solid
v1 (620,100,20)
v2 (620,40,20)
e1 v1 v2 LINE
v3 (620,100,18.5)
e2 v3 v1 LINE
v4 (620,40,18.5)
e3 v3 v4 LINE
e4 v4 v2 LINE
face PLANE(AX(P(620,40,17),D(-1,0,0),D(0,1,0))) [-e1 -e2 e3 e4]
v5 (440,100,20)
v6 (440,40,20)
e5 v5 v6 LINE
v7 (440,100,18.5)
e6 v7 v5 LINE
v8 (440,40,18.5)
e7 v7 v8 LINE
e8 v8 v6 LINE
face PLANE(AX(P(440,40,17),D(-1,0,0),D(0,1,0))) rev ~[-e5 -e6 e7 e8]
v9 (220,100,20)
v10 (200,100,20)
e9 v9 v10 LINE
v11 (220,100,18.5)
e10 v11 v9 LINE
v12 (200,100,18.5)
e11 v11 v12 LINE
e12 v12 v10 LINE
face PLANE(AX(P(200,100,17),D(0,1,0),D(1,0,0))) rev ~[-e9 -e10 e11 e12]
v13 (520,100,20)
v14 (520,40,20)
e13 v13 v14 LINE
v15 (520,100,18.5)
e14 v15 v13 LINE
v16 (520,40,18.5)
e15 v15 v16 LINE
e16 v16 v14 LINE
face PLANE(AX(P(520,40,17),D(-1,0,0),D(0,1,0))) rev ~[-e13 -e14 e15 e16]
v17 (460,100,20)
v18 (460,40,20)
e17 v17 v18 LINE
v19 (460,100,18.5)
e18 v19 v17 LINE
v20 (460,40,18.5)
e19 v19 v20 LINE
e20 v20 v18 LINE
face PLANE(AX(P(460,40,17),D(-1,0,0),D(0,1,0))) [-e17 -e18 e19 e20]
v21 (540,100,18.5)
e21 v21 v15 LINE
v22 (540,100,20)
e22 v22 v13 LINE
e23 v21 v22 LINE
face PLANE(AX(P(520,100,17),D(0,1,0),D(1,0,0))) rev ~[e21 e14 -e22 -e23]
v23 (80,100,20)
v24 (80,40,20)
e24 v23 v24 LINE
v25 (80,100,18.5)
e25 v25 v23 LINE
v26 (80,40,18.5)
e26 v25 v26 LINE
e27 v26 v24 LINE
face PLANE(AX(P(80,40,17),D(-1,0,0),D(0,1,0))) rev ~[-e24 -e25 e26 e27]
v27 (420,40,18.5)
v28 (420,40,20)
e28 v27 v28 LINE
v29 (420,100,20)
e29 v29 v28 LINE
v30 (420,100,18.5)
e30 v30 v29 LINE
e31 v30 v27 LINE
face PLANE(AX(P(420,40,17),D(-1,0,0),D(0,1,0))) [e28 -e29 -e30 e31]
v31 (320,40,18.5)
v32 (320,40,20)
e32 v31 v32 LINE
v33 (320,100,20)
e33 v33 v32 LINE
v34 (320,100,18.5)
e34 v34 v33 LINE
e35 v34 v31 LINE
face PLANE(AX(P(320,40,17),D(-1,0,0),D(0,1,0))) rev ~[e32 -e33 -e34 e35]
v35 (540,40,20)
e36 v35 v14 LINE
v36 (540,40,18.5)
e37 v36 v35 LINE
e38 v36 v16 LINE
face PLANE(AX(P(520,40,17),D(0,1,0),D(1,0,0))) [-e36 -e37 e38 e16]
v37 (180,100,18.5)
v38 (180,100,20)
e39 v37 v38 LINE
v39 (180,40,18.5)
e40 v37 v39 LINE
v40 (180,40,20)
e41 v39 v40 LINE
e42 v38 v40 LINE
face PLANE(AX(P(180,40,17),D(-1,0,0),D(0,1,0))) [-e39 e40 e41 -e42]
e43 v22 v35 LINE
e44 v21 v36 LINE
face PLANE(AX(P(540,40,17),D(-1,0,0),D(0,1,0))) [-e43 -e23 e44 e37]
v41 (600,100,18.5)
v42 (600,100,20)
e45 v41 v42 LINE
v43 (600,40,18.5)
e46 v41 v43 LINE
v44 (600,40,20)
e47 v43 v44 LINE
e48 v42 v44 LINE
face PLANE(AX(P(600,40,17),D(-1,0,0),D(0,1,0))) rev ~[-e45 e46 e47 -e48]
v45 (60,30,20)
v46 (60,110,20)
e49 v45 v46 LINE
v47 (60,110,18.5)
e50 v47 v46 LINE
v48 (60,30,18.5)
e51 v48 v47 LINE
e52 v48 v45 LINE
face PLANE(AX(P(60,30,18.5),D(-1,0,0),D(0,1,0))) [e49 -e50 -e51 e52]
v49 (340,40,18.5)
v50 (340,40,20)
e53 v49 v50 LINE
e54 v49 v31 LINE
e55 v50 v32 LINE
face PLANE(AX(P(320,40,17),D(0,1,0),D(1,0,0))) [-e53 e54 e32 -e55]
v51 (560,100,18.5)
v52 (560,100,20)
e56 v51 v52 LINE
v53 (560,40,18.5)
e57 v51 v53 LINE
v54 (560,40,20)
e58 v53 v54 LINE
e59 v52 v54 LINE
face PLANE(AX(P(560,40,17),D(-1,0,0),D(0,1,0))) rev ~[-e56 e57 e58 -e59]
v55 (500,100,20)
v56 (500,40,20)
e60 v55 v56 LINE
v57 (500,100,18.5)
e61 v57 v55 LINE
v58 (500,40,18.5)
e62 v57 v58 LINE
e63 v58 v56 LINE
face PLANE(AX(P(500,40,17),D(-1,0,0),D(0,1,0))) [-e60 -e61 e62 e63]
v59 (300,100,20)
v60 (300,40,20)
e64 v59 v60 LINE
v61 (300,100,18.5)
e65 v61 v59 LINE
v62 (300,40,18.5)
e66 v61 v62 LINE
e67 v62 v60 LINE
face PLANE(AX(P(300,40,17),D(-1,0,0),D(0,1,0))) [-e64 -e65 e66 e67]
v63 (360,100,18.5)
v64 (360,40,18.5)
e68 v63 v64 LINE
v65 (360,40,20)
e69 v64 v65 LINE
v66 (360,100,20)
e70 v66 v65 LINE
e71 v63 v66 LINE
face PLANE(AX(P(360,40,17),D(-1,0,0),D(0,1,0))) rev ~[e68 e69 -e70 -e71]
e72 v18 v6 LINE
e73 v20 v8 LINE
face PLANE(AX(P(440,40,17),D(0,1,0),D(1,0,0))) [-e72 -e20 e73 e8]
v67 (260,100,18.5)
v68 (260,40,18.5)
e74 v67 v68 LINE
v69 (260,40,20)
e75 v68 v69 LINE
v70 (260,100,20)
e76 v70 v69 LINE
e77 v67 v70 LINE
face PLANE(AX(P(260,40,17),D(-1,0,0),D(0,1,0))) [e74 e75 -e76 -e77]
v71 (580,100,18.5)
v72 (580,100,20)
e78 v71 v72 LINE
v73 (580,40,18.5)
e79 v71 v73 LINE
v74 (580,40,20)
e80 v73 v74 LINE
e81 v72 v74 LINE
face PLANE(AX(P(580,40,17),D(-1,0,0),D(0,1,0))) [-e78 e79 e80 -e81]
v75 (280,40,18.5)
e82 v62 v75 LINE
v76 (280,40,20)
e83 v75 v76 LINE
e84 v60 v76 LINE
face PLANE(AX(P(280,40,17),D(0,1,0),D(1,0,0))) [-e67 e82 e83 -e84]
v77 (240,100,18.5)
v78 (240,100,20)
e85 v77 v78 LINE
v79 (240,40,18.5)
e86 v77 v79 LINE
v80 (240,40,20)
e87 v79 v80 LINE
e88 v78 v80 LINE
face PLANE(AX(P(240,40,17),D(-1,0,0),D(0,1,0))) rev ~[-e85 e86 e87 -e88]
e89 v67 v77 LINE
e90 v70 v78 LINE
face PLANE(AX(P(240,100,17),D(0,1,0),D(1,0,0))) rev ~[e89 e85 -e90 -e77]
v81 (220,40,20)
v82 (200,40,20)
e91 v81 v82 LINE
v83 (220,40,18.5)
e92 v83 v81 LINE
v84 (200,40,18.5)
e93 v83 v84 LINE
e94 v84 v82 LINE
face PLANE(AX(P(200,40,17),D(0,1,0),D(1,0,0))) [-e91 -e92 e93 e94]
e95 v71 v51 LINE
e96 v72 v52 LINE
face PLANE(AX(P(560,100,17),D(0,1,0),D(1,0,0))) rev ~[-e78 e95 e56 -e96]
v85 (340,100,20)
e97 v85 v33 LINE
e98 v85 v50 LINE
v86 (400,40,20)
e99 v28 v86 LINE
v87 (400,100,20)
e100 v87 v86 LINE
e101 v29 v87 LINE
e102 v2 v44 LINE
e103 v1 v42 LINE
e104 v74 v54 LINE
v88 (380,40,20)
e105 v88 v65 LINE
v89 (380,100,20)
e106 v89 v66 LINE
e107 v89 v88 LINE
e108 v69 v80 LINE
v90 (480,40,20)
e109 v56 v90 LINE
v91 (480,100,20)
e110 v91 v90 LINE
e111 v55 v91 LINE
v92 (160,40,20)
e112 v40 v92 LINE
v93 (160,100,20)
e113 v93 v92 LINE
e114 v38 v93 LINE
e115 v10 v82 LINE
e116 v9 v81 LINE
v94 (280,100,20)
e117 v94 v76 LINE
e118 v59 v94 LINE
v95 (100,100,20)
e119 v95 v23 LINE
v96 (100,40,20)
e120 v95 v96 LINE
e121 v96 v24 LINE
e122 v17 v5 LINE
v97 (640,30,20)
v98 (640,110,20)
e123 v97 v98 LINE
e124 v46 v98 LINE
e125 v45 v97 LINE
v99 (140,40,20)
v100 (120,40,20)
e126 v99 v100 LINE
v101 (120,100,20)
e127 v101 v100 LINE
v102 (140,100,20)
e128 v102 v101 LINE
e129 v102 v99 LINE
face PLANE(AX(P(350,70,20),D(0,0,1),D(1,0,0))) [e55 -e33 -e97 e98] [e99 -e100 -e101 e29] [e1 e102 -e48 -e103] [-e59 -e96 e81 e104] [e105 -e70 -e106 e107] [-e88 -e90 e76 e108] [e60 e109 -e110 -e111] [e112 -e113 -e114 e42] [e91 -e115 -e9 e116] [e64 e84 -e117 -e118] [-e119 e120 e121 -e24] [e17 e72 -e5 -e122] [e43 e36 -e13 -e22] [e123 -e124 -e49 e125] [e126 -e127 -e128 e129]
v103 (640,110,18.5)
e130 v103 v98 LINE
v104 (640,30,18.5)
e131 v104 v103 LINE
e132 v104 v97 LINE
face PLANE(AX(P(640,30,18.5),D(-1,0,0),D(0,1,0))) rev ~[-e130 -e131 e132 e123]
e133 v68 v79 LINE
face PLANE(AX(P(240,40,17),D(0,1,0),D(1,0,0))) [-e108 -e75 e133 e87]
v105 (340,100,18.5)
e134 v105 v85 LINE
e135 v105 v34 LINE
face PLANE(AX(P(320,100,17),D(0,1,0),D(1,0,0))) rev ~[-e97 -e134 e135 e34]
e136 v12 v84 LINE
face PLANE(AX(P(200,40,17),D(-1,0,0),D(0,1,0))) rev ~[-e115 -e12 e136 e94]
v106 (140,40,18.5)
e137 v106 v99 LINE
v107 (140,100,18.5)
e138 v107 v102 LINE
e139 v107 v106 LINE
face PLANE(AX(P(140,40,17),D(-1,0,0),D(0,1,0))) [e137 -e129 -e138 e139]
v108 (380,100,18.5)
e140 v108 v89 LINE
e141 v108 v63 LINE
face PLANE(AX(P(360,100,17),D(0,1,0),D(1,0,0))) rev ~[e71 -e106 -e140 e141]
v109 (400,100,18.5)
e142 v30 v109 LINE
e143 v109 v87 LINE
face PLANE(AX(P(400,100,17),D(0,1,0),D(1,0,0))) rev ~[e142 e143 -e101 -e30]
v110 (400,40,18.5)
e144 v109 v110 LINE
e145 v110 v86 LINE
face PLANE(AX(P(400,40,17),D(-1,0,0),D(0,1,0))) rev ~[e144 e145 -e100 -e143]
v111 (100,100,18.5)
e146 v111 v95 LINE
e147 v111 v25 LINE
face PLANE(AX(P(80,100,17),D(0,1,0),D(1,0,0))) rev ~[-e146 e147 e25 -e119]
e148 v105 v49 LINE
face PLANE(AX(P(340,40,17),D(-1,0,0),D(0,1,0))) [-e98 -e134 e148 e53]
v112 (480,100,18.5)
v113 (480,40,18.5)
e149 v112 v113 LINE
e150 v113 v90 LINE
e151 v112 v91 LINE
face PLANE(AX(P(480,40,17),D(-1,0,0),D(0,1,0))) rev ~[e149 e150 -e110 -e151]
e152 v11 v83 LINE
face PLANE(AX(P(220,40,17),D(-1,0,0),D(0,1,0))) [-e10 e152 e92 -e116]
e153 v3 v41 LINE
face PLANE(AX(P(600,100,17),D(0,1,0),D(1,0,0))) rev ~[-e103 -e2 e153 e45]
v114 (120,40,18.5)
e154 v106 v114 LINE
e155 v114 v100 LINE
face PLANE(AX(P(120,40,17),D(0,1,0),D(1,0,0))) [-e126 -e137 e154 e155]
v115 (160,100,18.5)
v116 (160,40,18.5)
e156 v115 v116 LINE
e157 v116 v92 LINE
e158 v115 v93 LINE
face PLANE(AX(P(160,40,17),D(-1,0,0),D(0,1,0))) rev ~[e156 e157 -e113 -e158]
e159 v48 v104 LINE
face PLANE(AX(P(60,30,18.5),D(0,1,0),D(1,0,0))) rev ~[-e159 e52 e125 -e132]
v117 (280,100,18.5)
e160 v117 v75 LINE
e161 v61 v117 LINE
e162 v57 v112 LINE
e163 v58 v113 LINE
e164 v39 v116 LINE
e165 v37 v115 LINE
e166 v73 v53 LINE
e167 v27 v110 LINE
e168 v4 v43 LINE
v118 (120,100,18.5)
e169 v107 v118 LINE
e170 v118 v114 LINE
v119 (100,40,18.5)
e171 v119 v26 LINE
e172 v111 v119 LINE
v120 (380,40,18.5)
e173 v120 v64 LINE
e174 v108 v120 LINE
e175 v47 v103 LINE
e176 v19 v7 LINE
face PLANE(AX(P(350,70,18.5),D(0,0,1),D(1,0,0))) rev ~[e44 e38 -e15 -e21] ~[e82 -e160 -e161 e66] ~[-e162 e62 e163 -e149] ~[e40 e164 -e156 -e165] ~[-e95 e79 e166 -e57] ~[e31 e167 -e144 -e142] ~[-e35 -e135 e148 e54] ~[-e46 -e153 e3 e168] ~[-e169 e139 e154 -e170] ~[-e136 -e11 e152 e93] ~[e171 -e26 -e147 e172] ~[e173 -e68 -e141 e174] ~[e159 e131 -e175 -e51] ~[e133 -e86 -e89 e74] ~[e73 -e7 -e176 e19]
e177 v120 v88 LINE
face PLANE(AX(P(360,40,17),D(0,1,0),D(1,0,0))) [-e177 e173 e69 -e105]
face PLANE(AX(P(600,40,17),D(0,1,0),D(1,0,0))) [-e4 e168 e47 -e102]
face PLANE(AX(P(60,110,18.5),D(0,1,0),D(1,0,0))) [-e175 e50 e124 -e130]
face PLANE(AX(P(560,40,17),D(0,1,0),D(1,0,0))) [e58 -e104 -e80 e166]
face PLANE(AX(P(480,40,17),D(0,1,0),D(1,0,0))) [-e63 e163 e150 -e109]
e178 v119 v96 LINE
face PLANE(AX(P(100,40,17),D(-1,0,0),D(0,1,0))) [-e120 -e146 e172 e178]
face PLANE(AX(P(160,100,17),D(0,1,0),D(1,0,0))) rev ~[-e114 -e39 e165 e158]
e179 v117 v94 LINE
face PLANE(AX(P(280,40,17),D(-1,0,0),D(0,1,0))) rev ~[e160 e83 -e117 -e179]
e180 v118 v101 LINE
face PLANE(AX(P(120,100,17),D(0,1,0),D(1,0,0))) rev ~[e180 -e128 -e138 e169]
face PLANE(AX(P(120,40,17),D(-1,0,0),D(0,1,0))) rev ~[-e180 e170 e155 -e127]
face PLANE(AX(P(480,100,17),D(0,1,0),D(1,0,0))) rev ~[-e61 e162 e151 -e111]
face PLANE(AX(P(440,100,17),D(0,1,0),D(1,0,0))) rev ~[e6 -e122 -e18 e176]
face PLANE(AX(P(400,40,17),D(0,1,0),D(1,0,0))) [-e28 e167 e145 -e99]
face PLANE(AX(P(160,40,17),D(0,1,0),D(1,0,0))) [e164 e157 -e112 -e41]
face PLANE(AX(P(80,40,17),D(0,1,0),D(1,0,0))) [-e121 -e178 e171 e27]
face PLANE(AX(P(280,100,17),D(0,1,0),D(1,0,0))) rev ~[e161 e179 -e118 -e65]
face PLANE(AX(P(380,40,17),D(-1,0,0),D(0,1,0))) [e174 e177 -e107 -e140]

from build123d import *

# Parameters (mm, degrees)
PACK_PLINT_IZGARA_PANELI_1_START  = 18.5
SKETCH1_W                         = 580
SKETCH1_H                         = 80
PACK_PLINT_IZGARA_PANELI_1_DEPTH  = 1.5
PACK_PLINT_IZGARA_PANELI_2_START  = 17
SKETCH2_W                         = 20
SKETCH2_H                         = 60
PACK_PLINT_IZGARA_PANELI_2_DEPTH  = 4
PACK_PLINT_IZGARA_PANELI_3_START  = 17
SKETCH3_W                         = 20
SKETCH3_H                         = 60
PACK_PLINT_IZGARA_PANELI_3_DEPTH  = 4
PACK_PLINT_IZGARA_PANELI_4_START  = 17
SKETCH4_W                         = 20
SKETCH4_H                         = 60
PACK_PLINT_IZGARA_PANELI_4_DEPTH  = 4
PACK_PLINT_IZGARA_PANELI_5_START  = 17
SKETCH5_W                         = 20
SKETCH5_H                         = 60
PACK_PLINT_IZGARA_PANELI_5_DEPTH  = 4
PACK_PLINT_IZGARA_PANELI_6_START  = 17
SKETCH6_W                         = 20
SKETCH6_H                         = 60
PACK_PLINT_IZGARA_PANELI_6_DEPTH  = 4
PACK_PLINT_IZGARA_PANELI_7_START  = 17
SKETCH7_W                         = 20
SKETCH7_H                         = 60
PACK_PLINT_IZGARA_PANELI_7_DEPTH  = 4
PACK_PLINT_IZGARA_PANELI_8_START  = 17
SKETCH8_W                         = 20
SKETCH8_H                         = 60
PACK_PLINT_IZGARA_PANELI_8_DEPTH  = 4
PACK_PLINT_IZGARA_PANELI_9_START  = 17
SKETCH9_W                         = 20
SKETCH9_H                         = 60
PACK_PLINT_IZGARA_PANELI_9_DEPTH  = 4
PACK_PLINT_IZGARA_PANELI_10_START = 17
SKETCH10_W                        = 20
SKETCH10_H                        = 60
PACK_PLINT_IZGARA_PANELI_10_DEPTH = 4
PACK_PLINT_IZGARA_PANELI_11_START = 17
SKETCH11_W                        = 20
SKETCH11_H                        = 60
PACK_PLINT_IZGARA_PANELI_11_DEPTH = 4
PACK_PLINT_IZGARA_PANELI_12_START = 17
SKETCH12_W                        = 20
SKETCH12_H                        = 60
PACK_PLINT_IZGARA_PANELI_12_DEPTH = 4
PACK_PLINT_IZGARA_PANELI_13_START = 17
SKETCH13_W                        = 20
SKETCH13_H                        = 60
PACK_PLINT_IZGARA_PANELI_13_DEPTH = 4
PACK_PLINT_IZGARA_PANELI_14_START = 17
SKETCH14_W                        = 20
SKETCH14_H                        = 60
PACK_PLINT_IZGARA_PANELI_14_DEPTH = 4
PACK_PLINT_IZGARA_PANELI_15_START = 17
SKETCH15_W                        = 20
SKETCH15_H                        = 60
PACK_PLINT_IZGARA_PANELI_15_DEPTH = 4


with BuildPart() as part:
    # Sketch1 → PACK_plint_izgara_paneli_1 (new body)
    with BuildSketch(Plane.XY.offset(PACK_PLINT_IZGARA_PANELI_1_START)):
        with Locations((350, 70)):
            Rectangle(SKETCH1_W, SKETCH1_H)
    extrude(amount=PACK_PLINT_IZGARA_PANELI_1_DEPTH)

    # Sketch2 → PACK_plint_izgara_paneli_2 (cut)
    with BuildSketch(Plane.XY.offset(PACK_PLINT_IZGARA_PANELI_2_START)):
        with Locations((90, 70)):
            Rectangle(SKETCH2_W, SKETCH2_H)
    extrude(amount=PACK_PLINT_IZGARA_PANELI_2_DEPTH, mode=Mode.SUBTRACT)

    # Sketch3 → PACK_plint_izgara_paneli_3 (cut)
    with BuildSketch(Plane.XY.offset(PACK_PLINT_IZGARA_PANELI_3_START)):
        with Locations((130, 70)):
            Rectangle(SKETCH3_W, SKETCH3_H)
    extrude(amount=PACK_PLINT_IZGARA_PANELI_3_DEPTH, mode=Mode.SUBTRACT)

    # Sketch4 → PACK_plint_izgara_paneli_4 (cut)
    with BuildSketch(Plane.XY.offset(PACK_PLINT_IZGARA_PANELI_4_START)):
        with Locations((170, 70)):
            Rectangle(SKETCH4_W, SKETCH4_H)
    extrude(amount=PACK_PLINT_IZGARA_PANELI_4_DEPTH, mode=Mode.SUBTRACT)

    # Sketch5 → PACK_plint_izgara_paneli_5 (cut)
    with BuildSketch(Plane.XY.offset(PACK_PLINT_IZGARA_PANELI_5_START)):
        with Locations((210, 70)):
            Rectangle(SKETCH5_W, SKETCH5_H)
    extrude(amount=PACK_PLINT_IZGARA_PANELI_5_DEPTH, mode=Mode.SUBTRACT)

    # Sketch6 → PACK_plint_izgara_paneli_6 (cut)
    with BuildSketch(Plane.XY.offset(PACK_PLINT_IZGARA_PANELI_6_START)):
        with Locations((250, 70)):
            Rectangle(SKETCH6_W, SKETCH6_H)
    extrude(amount=PACK_PLINT_IZGARA_PANELI_6_DEPTH, mode=Mode.SUBTRACT)

    # Sketch7 → PACK_plint_izgara_paneli_7 (cut)
    with BuildSketch(Plane.XY.offset(PACK_PLINT_IZGARA_PANELI_7_START)):
        with Locations((290, 70)):
            Rectangle(SKETCH7_W, SKETCH7_H)
    extrude(amount=PACK_PLINT_IZGARA_PANELI_7_DEPTH, mode=Mode.SUBTRACT)

    # Sketch8 → PACK_plint_izgara_paneli_8 (cut)
    with BuildSketch(Plane.XY.offset(PACK_PLINT_IZGARA_PANELI_8_START)):
        with Locations((330, 70)):
            Rectangle(SKETCH8_W, SKETCH8_H)
    extrude(amount=PACK_PLINT_IZGARA_PANELI_8_DEPTH, mode=Mode.SUBTRACT)

    # Sketch9 → PACK_plint_izgara_paneli_9 (cut)
    with BuildSketch(Plane.XY.offset(PACK_PLINT_IZGARA_PANELI_9_START)):
        with Locations((370, 70)):
            Rectangle(SKETCH9_W, SKETCH9_H)
    extrude(amount=PACK_PLINT_IZGARA_PANELI_9_DEPTH, mode=Mode.SUBTRACT)

    # Sketch10 → PACK_plint_izgara_paneli_10 (cut)
    with BuildSketch(Plane.XY.offset(PACK_PLINT_IZGARA_PANELI_10_START)):
        with Locations((410, 70)):
            Rectangle(SKETCH10_W, SKETCH10_H)
    extrude(amount=PACK_PLINT_IZGARA_PANELI_10_DEPTH, mode=Mode.SUBTRACT)

    # Sketch11 → PACK_plint_izgara_paneli_11 (cut)
    with BuildSketch(Plane.XY.offset(PACK_PLINT_IZGARA_PANELI_11_START)):
        with Locations((450, 70)):
            Rectangle(SKETCH11_W, SKETCH11_H)
    extrude(amount=PACK_PLINT_IZGARA_PANELI_11_DEPTH, mode=Mode.SUBTRACT)

    # Sketch12 → PACK_plint_izgara_paneli_12 (cut)
    with BuildSketch(Plane.XY.offset(PACK_PLINT_IZGARA_PANELI_12_START)):
        with Locations((490, 70)):
            Rectangle(SKETCH12_W, SKETCH12_H)
    extrude(amount=PACK_PLINT_IZGARA_PANELI_12_DEPTH, mode=Mode.SUBTRACT)

    # Sketch13 → PACK_plint_izgara_paneli_13 (cut)
    with BuildSketch(Plane.XY.offset(PACK_PLINT_IZGARA_PANELI_13_START)):
        with Locations((530, 70)):
            Rectangle(SKETCH13_W, SKETCH13_H)
    extrude(amount=PACK_PLINT_IZGARA_PANELI_13_DEPTH, mode=Mode.SUBTRACT)

    # Sketch14 → PACK_plint_izgara_paneli_14 (cut)
    with BuildSketch(Plane.XY.offset(PACK_PLINT_IZGARA_PANELI_14_START)):
        with Locations((570, 70)):
            Rectangle(SKETCH14_W, SKETCH14_H)
    extrude(amount=PACK_PLINT_IZGARA_PANELI_14_DEPTH, mode=Mode.SUBTRACT)

    # Sketch15 → PACK_plint_izgara_paneli_15 (cut)
    with BuildSketch(Plane.XY.offset(PACK_PLINT_IZGARA_PANELI_15_START)):
        with Locations((610, 70)):
            Rectangle(SKETCH15_W, SKETCH15_H)
    extrude(amount=PACK_PLINT_IZGARA_PANELI_15_DEPTH, mode=Mode.SUBTRACT)


solid = part.part
